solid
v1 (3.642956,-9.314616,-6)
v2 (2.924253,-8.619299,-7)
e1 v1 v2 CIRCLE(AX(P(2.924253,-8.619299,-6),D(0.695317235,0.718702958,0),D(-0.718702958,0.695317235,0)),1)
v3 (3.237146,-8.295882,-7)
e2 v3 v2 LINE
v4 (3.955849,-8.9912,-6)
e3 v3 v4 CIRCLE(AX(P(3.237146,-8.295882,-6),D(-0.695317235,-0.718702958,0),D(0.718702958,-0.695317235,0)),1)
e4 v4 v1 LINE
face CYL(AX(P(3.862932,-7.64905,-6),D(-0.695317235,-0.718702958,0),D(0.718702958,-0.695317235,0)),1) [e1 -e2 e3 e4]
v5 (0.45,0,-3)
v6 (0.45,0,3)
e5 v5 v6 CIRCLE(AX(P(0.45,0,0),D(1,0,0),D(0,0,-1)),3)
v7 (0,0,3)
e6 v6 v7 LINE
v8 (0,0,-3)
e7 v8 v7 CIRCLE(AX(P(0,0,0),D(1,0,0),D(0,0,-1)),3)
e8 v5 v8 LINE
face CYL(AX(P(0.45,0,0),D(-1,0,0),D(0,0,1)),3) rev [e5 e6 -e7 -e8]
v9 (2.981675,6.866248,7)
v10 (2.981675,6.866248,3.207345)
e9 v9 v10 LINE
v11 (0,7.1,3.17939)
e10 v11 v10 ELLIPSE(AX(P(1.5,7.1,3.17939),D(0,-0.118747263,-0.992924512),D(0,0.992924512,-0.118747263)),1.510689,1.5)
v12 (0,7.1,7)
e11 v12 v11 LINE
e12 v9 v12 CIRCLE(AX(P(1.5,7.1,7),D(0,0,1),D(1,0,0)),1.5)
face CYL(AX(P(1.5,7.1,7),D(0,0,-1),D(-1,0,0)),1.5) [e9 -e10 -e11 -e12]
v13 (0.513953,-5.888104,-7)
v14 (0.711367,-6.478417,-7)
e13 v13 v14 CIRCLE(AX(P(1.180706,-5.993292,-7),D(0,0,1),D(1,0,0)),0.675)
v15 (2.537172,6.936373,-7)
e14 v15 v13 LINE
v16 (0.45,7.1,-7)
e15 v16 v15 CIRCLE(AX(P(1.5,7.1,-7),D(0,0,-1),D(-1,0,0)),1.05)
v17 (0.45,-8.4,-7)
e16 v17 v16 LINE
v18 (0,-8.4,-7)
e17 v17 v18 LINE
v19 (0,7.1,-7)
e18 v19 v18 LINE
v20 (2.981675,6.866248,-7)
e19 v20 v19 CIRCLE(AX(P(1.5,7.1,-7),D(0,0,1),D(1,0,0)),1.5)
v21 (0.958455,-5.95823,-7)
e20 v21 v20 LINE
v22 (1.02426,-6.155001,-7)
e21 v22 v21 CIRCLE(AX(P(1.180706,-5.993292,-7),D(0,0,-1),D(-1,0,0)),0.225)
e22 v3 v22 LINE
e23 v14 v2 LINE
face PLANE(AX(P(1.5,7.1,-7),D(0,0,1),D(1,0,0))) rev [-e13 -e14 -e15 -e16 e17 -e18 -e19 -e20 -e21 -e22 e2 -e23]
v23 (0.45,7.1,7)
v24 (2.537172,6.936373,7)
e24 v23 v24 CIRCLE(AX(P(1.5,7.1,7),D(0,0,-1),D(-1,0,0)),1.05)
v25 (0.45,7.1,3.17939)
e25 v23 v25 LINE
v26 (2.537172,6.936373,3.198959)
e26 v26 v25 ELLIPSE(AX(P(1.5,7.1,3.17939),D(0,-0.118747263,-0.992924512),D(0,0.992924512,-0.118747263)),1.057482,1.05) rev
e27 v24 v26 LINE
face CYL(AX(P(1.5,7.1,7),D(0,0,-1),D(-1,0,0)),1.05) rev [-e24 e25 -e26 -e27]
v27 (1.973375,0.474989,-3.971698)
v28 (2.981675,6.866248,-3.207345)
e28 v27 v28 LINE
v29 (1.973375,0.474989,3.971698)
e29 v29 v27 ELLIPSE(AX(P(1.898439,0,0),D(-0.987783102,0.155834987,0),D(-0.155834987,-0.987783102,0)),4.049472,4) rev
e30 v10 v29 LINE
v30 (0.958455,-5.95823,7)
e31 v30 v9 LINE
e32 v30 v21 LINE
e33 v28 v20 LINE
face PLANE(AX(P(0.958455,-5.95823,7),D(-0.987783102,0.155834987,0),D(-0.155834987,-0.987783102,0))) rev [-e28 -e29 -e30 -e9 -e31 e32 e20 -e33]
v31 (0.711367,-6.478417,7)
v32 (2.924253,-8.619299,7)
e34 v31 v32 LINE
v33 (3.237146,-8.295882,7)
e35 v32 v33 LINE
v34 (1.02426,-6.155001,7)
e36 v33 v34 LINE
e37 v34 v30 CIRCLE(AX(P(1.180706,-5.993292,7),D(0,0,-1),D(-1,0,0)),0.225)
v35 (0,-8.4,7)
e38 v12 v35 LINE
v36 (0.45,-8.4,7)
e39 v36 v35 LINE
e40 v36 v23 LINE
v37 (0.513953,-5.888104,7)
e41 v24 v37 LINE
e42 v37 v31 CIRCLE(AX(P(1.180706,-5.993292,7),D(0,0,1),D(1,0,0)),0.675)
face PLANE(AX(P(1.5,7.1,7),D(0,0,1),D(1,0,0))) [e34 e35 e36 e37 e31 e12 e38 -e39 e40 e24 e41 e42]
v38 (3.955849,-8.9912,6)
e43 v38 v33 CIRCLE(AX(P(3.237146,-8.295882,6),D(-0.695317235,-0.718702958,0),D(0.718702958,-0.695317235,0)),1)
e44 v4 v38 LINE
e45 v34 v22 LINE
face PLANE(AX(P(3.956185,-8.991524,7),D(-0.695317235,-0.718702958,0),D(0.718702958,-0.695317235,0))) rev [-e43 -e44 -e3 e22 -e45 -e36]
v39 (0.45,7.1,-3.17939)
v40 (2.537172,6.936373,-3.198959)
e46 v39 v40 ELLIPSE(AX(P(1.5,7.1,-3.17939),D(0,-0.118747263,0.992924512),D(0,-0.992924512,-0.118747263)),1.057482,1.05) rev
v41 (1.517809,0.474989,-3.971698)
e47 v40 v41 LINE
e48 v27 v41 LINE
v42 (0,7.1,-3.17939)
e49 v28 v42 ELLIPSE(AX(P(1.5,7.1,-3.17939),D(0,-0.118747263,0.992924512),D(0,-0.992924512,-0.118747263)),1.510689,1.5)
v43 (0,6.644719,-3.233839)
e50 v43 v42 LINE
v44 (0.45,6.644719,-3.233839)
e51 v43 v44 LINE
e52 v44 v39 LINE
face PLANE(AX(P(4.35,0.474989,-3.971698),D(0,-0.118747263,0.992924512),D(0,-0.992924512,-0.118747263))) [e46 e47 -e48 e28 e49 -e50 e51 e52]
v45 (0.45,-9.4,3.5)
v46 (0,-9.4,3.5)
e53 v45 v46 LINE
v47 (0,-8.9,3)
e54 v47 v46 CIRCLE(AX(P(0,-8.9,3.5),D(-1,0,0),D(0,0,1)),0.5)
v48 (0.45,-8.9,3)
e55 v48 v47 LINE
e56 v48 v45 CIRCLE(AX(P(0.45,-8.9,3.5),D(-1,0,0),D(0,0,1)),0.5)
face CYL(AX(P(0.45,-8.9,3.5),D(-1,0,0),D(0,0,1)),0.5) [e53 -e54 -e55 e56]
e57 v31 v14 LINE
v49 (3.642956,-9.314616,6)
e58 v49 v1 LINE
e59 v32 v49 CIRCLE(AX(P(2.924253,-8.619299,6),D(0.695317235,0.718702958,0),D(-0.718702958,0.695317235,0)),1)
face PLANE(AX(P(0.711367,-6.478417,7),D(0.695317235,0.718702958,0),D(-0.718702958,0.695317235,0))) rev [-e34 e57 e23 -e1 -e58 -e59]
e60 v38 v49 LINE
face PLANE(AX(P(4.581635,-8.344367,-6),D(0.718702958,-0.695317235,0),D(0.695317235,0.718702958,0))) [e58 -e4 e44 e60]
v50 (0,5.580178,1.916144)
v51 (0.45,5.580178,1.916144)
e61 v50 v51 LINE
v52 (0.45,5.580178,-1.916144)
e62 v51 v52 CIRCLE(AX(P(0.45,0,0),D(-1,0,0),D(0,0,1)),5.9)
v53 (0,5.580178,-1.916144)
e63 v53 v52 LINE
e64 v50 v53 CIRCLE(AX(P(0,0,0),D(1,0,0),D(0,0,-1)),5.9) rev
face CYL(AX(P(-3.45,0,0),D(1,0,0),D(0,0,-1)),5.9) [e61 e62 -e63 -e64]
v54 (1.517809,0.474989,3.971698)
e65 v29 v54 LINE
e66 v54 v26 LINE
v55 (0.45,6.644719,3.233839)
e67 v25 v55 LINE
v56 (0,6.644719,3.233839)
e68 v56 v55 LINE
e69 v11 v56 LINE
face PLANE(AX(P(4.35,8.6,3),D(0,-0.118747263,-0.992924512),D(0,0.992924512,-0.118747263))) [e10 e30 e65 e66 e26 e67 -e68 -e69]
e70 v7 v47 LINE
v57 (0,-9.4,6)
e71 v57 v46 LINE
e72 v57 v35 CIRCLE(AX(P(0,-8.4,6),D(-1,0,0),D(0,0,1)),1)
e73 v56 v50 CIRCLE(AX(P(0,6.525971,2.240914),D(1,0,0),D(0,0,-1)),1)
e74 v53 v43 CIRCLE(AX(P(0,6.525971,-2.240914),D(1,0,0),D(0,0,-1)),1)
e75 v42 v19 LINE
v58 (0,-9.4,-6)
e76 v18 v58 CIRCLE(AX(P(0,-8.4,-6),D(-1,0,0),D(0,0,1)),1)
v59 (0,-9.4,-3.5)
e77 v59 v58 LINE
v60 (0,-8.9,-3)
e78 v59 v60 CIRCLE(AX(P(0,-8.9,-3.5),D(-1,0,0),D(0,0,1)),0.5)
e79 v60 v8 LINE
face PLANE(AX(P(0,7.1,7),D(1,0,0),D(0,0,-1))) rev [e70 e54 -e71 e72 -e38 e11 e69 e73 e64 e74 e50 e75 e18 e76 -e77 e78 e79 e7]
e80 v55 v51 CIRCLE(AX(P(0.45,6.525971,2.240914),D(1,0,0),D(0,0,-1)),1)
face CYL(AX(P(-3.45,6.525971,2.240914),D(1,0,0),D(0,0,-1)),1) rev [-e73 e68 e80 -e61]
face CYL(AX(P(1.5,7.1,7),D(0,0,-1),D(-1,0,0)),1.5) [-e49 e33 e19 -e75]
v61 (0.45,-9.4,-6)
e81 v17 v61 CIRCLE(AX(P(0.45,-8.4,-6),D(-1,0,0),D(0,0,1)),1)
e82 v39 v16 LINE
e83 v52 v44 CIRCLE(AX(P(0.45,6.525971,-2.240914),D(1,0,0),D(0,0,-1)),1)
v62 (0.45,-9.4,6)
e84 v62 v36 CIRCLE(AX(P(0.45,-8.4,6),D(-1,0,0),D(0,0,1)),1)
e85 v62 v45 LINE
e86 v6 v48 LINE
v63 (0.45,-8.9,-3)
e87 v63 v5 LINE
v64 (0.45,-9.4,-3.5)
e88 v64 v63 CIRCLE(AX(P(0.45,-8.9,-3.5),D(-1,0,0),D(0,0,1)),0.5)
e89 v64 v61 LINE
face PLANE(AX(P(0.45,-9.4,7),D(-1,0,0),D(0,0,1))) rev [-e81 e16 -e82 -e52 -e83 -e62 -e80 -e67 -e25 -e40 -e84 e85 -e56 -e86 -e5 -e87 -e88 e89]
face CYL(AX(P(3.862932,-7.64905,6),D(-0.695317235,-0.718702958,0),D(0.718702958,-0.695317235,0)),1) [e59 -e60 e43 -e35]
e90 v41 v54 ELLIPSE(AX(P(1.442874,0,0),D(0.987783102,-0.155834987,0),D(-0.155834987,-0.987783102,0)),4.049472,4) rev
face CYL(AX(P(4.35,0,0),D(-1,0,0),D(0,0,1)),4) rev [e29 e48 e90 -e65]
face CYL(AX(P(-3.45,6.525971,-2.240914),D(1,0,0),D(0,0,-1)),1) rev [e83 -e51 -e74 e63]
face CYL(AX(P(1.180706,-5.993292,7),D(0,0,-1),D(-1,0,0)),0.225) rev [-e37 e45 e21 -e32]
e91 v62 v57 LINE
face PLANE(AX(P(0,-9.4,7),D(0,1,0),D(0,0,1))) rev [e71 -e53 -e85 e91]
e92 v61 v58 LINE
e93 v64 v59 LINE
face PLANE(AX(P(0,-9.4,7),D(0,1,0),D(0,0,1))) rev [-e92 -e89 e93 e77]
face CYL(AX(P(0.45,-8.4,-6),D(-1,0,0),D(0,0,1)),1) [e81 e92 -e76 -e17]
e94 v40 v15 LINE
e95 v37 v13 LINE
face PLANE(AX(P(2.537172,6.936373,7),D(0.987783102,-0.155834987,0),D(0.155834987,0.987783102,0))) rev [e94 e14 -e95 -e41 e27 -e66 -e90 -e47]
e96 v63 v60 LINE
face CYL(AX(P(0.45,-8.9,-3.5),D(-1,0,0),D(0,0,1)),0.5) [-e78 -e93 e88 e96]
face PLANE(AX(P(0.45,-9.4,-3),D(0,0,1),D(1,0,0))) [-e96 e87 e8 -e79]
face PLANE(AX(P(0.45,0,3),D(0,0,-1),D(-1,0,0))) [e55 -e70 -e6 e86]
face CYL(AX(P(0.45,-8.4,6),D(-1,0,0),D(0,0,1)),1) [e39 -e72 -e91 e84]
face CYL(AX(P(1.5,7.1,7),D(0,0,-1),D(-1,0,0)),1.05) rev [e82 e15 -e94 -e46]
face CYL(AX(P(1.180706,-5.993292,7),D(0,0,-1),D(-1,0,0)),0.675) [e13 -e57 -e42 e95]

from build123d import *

# Parameters (mm, degrees)
BOSS_EXTRUDE1_DEPTH      = 7
BOSS_EXTRUDE1_DEPTH_BACK = 7
CUT_EXTRUDE1_DEPTH       = 0.45
CUT_EXTRUDE2_DEPTH       = 3.9
CUT_EXTRUDE3_DEPTH       = 3.9
CUT_EXTRUDE4_DEPTH       = 0.45
CUT_EXTRUDE5_DEPTH       = 0.45
CUT_EXTRUDE6_DEPTH       = 0.45
CUT_EXTRUDE7_DEPTH       = 0.45
CUT_EXTRUDE8_DEPTH       = 0.9
CUT_EXTRUDE8_DEPTH_BACK  = 0.9


with BuildPart() as part:
    # Sketch1 → Boss-Extrude1 (new, two sides: drawn at the far end of the back side and taken through both)
    with BuildSketch(Plane.XY.offset(-BOSS_EXTRUDE1_DEPTH_BACK)):
        with BuildLine():
            Line((0, 7.1), (0, -9.4))
            Line((0, -9.4), (0.45, -9.4))
            Line((0.45, -9.4), (0.45, 7.1))
            ThreePointArc((0.45, 7.1), (1.582064395, 8.146788152), (2.537172257, 6.936373264))
            Line((2.537172257, 6.936373264), (0.513952578, -5.888103783))
            ThreePointArc((0.513952578, -5.888103783), (0.540554577, -6.207374008), (0.711367038, -6.478416895))
            Line((0.711367038, -6.478416895), (3.64329211, -9.314940681))
            Line((3.64329211, -9.314940681), (3.956184866, -8.99152435))
            Line((3.956184866, -8.99152435), (1.024259794, -6.155000564))
            ThreePointArc((1.024259794, -6.155000564), (0.967322307, -6.064652935), (0.958454974, -5.958229527))
            Line((0.958454974, -5.958229527), (2.981674653, 6.86624752))
            ThreePointArc((2.981674653, 6.86624752), (1.61723485, 8.595411646), (0, 7.1))
        make_face()
    extrude(amount=BOSS_EXTRUDE1_DEPTH + BOSS_EXTRUDE1_DEPTH_BACK)

    # Sketch2 → Cut-Extrude1 (cut)
    with BuildSketch(Plane(origin=(0, 0, 0), x_dir=(0, 0, -1), z_dir=(1, 0, 0))):
        with BuildLine():
            Line((-3, 0), (-3, -9.4))
            Line((-3, -9.4), (3, -9.4))
            Line((3, -9.4), (3, 0))
            ThreePointArc((3, 0), (0, 3), (-3, 0))
        make_face()
    extrude(amount=CUT_EXTRUDE1_DEPTH, mode=Mode.SUBTRACT)

    # Sketch3 → Cut-Extrude2 (cut)
    with BuildSketch(Plane(origin=(0.45, 0, 0), x_dir=(0, 0, -1), z_dir=(1, 0, 0))):
        with BuildLine():
            Line((3.97169805, 0.474989052), (3, 8.6))
            Line((3, 8.6), (-3, 8.6))
            Line((-3, 8.6), (-3.97169805, 0.474989052))
            ThreePointArc((-3.97169805, 0.474989052), (0, -4), (3.97169805, 0.474989052))
        make_face()
    extrude(amount=CUT_EXTRUDE2_DEPTH, mode=Mode.SUBTRACT)

    # Sketch4 → Cut-Extrude3 (cut)
    with BuildSketch(Plane(origin=(0.45, 0, 0), x_dir=(0, 0, -1), z_dir=(1, 0, 0))):
        with BuildLine():
            Line((3.233838828, 6.644718687), (3, 8.6))
            Line((3, 8.6), (-3, 8.6))
            Line((-3, 8.6), (-3.233838828, 6.644718687))
            ThreePointArc((-3.233838828, 6.644718687), (-2.869340143, 5.748101911), (-1.916144125, 5.580178464))
            ThreePointArc((-1.916144125, 5.580178464), (0, 5.9), (1.916144125, 5.580178464))
            ThreePointArc((1.916144125, 5.580178464), (2.869340143, 5.748101911), (3.233838828, 6.644718687))
        make_face()
    extrude(amount=-CUT_EXTRUDE3_DEPTH, mode=Mode.SUBTRACT)

    # Sketch5 → Cut-Extrude4 (cut)
    with BuildSketch(Plane(origin=(0, 0, 0), x_dir=(0, 0, -1), z_dir=(1, 0, 0))):
        with BuildLine():
            Line((-7, -9.4), (-6, -9.4))
            ThreePointArc((-6, -9.4), (-6.707106781, -9.107106781), (-7, -8.4))
            Line((-7, -8.4), (-7, -9.4))
        make_face()
    extrude(amount=CUT_EXTRUDE4_DEPTH, mode=Mode.SUBTRACT)

    # Sketch6 → Cut-Extrude5 (cut)
    with BuildSketch(Plane(origin=(0, 0, 0), x_dir=(0, 0, -1), z_dir=(1, 0, 0))):
        with BuildLine():
            Line((6, -9.4), (7, -9.4))
            Line((7, -9.4), (7, -8.4))
            ThreePointArc((7, -8.4), (6.707106781, -9.107106781), (6, -9.4))
        make_face()
    extrude(amount=CUT_EXTRUDE5_DEPTH, mode=Mode.SUBTRACT)

    # Sketch7 → Cut-Extrude6 (cut)
    with BuildSketch(Plane(origin=(0, 0, 0), x_dir=(0, 0, -1), z_dir=(1, 0, 0))):
        with BuildLine():
            Line((3, -9.4), (3.5, -9.4))
            ThreePointArc((3.5, -9.4), (3.146446609, -9.253553391), (3, -8.9))
            Line((3, -8.9), (3, -9.4))
        make_face()
    extrude(amount=CUT_EXTRUDE6_DEPTH, mode=Mode.SUBTRACT)

    # Sketch8 → Cut-Extrude7 (cut)
    with BuildSketch(Plane(origin=(0, 0, 0), x_dir=(0, 0, -1), z_dir=(1, 0, 0))):
        with BuildLine():
            Line((-3.5, -9.4), (-3, -9.4))
            Line((-3, -9.4), (-3, -8.9))
            ThreePointArc((-3, -8.9), (-3.146446609, -9.253553391), (-3.5, -9.4))
        make_face()
    extrude(amount=CUT_EXTRUDE7_DEPTH, mode=Mode.SUBTRACT)

    # Sketch9 → Cut-Extrude8 (cut, two sides: drawn at the far end of the back side and taken through both)
    with BuildSketch(Plane(origin=(-2.580622377, -2.667416888, 0), x_dir=(0.718702958168856, -0.6953172354539585, 0), z_dir=(0.6953172354539585, 0.718702958168856, 0)).offset(-CUT_EXTRUDE8_DEPTH_BACK)):
        with BuildLine():
            Line((8.094816521, -7), (8.094816521, -8))
            Line((8.094816521, -8), (10.094816521, -8))
            Line((10.094816521, -8), (10.094816521, 8))
            Line((10.094816521, 8), (8.094816521, 8))
            Line((8.094816521, 8), (8.094816521, 7))
            ThreePointArc((8.094816521, 7), (8.801923302, 6.707106781), (9.094816521, 6))
            Line((9.094816521, 6), (9.094816521, -6))
            ThreePointArc((9.094816521, -6), (8.801923302, -6.707106781), (8.094816521, -7))
        make_face()
    extrude(amount=CUT_EXTRUDE8_DEPTH + CUT_EXTRUDE8_DEPTH_BACK, mode=Mode.SUBTRACT)


solid = part.part
